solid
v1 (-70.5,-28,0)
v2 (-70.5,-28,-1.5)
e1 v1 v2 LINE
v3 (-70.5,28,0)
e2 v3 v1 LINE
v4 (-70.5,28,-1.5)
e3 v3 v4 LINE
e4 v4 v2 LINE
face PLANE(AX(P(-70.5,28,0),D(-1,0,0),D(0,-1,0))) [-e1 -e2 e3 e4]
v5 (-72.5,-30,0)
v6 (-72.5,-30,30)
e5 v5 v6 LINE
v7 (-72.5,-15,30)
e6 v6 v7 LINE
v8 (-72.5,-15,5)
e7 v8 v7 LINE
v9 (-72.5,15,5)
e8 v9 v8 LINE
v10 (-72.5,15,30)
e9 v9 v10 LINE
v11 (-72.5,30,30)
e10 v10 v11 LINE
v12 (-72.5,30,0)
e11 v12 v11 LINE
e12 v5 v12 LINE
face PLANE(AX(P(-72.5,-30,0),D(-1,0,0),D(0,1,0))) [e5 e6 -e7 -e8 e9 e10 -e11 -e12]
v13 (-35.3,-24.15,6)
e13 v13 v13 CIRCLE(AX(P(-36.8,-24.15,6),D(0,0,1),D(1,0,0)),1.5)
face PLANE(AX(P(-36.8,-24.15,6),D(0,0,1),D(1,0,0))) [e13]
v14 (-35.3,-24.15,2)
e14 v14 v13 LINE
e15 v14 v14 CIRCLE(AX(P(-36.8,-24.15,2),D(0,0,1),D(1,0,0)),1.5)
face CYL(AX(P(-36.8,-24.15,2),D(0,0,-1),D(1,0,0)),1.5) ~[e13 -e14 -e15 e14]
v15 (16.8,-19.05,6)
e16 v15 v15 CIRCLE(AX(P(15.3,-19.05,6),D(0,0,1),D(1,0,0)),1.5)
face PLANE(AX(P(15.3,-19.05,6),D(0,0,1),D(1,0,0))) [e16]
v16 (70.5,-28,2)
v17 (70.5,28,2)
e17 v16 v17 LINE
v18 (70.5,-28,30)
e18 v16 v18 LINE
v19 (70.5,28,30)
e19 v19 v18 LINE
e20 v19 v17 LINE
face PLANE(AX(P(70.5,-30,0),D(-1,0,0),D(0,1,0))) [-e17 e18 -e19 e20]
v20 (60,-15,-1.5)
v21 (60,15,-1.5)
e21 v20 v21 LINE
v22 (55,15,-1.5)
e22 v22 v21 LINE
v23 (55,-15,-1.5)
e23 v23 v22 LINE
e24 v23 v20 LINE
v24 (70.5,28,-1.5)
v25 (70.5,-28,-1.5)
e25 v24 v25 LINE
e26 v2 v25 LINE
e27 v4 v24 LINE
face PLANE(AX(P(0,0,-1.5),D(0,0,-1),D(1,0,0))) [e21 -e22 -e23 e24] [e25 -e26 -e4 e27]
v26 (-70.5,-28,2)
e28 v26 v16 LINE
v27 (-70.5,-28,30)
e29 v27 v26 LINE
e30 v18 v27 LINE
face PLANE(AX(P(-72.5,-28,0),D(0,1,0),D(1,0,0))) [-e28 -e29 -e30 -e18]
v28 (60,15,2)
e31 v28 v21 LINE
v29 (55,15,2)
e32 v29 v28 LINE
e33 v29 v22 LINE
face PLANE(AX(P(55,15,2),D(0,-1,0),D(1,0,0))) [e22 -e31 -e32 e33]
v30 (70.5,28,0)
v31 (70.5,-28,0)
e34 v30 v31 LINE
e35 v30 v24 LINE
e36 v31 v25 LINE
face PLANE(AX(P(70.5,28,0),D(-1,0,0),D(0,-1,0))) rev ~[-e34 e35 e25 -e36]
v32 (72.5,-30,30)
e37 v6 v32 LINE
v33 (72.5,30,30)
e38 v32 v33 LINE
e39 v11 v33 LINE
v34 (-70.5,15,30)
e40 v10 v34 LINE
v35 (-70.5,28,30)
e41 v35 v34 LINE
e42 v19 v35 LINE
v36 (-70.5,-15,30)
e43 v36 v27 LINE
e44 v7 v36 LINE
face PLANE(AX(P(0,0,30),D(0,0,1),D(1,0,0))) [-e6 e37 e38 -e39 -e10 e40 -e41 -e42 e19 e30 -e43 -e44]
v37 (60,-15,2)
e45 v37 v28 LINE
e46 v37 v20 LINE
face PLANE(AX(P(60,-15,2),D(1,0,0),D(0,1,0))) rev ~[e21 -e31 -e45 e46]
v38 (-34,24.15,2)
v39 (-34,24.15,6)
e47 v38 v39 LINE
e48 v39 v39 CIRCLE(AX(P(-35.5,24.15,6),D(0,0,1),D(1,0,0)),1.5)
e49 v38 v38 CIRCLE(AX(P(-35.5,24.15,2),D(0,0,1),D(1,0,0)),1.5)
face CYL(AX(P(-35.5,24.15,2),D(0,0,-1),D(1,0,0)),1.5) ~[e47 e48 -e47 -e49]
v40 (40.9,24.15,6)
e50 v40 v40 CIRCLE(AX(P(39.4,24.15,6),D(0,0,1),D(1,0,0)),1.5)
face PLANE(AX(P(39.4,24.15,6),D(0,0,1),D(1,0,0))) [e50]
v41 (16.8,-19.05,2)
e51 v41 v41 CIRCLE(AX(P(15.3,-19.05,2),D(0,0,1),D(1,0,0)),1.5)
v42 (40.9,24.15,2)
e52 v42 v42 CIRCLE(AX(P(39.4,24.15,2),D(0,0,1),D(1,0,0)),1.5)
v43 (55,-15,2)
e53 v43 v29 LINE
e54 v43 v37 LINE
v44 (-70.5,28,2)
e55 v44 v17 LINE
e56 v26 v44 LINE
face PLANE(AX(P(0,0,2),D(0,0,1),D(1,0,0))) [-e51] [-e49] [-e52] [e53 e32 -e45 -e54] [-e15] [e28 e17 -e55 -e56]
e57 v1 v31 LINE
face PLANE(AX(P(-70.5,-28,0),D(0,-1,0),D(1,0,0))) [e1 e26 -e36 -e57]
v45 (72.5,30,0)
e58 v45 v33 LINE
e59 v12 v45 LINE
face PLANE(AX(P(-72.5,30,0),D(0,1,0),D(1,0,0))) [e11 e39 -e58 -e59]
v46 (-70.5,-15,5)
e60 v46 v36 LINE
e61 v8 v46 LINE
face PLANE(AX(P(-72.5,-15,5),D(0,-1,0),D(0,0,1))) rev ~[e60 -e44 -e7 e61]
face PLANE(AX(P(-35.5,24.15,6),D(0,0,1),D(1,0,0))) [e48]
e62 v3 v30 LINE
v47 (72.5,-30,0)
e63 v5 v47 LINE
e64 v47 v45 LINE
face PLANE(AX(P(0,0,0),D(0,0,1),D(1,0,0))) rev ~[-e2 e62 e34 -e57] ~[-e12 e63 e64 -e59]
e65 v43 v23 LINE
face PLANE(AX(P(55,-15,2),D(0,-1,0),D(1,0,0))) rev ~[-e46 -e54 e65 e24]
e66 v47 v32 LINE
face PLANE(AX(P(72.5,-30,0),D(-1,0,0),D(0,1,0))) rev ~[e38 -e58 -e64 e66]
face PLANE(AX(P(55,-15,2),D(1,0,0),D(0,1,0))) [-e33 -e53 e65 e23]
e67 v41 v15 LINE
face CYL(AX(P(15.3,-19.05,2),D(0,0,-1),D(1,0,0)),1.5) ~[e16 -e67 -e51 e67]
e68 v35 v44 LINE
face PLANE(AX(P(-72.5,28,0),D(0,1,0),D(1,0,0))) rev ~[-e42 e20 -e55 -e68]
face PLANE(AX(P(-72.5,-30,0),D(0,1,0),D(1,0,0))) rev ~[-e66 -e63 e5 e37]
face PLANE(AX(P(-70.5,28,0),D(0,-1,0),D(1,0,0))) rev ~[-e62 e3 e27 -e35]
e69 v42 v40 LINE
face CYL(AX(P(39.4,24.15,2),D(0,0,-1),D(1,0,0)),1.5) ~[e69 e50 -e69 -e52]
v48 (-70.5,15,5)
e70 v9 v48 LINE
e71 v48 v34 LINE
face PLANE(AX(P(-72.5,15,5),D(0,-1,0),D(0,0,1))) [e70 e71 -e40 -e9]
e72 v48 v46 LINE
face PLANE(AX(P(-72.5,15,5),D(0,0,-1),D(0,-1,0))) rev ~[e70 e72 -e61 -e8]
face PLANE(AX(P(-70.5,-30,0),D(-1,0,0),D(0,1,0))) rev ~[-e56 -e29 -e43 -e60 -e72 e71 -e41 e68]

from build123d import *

# Parameters (mm, degrees)
SKETCH_W        = 145
SKETCH_H        = 60
PAD_DEPTH       = 30
THICKNESS_T     = -2
SKETCH001_W     = 141
SKETCH001_H     = 56
PAD001_DEPTH    = 1.5
SKETCH002_W     = 30
SKETCH002_H     = 25
POCKET_DEPTH    = 2
SKETCH003_W     = 5
SKETCH003_H     = 30
POCKET001_DEPTH = 3.5
SKETCH004_R     = 1.5
PAD002_DEPTH    = 4


with BuildPart() as part:
    # Sketch → Pad (new body)
    with BuildSketch(Plane.XY):
        Rectangle(SKETCH_W, SKETCH_H)
    extrude(amount=PAD_DEPTH)

    # Thickness
    thickness_openings = [part.faces().sort_by_distance(p)[0] for p in [
        (0, 0, 30),
    ]]
    offset(amount=THICKNESS_T, openings=thickness_openings, kind=Kind.INTERSECTION)

    # Sketch001 (on Face5 of Thickness) → Pad001 (join)
    with BuildSketch(Plane(origin=(0, 0, 0), x_dir=(1, 0, 0), z_dir=(0, 0, -1))):
        Rectangle(SKETCH001_W, SKETCH001_H)
    extrude(amount=PAD001_DEPTH)

    # Sketch002 (on Face2 of Pad001) → Pocket (cut)
    with BuildSketch(Plane(origin=(-72.5, 0, 0), x_dir=(0, -1, 0), z_dir=(-1, 0, 0))):
        with Locations((0, 17.5)):
            Rectangle(SKETCH002_W, SKETCH002_H)
    extrude(amount=-POCKET_DEPTH, mode=Mode.SUBTRACT)

    # Sketch003 (on Face19 of Pocket) → Pocket001 (cut)
    with BuildSketch(Plane.XY.offset(2)):
        with Locations((57.5, 0)):
            Rectangle(SKETCH003_W, SKETCH003_H)
    extrude(amount=-POCKET001_DEPTH, mode=Mode.SUBTRACT)

    # Sketch004 (on Face19 of Pocket001) → Pad002 (join)
    with BuildSketch(Plane.XY.offset(2)):
        with Locations((-35.5, 24.15)):
            Circle(SKETCH004_R)
        with Locations((-36.8, -24.15)):
            Circle(SKETCH004_R)
        with Locations((39.4, 24.15)):
            Circle(SKETCH004_R)
        with Locations((15.3, -19.05)):
            Circle(SKETCH004_R)
    extrude(amount=PAD002_DEPTH)


solid = part.part
